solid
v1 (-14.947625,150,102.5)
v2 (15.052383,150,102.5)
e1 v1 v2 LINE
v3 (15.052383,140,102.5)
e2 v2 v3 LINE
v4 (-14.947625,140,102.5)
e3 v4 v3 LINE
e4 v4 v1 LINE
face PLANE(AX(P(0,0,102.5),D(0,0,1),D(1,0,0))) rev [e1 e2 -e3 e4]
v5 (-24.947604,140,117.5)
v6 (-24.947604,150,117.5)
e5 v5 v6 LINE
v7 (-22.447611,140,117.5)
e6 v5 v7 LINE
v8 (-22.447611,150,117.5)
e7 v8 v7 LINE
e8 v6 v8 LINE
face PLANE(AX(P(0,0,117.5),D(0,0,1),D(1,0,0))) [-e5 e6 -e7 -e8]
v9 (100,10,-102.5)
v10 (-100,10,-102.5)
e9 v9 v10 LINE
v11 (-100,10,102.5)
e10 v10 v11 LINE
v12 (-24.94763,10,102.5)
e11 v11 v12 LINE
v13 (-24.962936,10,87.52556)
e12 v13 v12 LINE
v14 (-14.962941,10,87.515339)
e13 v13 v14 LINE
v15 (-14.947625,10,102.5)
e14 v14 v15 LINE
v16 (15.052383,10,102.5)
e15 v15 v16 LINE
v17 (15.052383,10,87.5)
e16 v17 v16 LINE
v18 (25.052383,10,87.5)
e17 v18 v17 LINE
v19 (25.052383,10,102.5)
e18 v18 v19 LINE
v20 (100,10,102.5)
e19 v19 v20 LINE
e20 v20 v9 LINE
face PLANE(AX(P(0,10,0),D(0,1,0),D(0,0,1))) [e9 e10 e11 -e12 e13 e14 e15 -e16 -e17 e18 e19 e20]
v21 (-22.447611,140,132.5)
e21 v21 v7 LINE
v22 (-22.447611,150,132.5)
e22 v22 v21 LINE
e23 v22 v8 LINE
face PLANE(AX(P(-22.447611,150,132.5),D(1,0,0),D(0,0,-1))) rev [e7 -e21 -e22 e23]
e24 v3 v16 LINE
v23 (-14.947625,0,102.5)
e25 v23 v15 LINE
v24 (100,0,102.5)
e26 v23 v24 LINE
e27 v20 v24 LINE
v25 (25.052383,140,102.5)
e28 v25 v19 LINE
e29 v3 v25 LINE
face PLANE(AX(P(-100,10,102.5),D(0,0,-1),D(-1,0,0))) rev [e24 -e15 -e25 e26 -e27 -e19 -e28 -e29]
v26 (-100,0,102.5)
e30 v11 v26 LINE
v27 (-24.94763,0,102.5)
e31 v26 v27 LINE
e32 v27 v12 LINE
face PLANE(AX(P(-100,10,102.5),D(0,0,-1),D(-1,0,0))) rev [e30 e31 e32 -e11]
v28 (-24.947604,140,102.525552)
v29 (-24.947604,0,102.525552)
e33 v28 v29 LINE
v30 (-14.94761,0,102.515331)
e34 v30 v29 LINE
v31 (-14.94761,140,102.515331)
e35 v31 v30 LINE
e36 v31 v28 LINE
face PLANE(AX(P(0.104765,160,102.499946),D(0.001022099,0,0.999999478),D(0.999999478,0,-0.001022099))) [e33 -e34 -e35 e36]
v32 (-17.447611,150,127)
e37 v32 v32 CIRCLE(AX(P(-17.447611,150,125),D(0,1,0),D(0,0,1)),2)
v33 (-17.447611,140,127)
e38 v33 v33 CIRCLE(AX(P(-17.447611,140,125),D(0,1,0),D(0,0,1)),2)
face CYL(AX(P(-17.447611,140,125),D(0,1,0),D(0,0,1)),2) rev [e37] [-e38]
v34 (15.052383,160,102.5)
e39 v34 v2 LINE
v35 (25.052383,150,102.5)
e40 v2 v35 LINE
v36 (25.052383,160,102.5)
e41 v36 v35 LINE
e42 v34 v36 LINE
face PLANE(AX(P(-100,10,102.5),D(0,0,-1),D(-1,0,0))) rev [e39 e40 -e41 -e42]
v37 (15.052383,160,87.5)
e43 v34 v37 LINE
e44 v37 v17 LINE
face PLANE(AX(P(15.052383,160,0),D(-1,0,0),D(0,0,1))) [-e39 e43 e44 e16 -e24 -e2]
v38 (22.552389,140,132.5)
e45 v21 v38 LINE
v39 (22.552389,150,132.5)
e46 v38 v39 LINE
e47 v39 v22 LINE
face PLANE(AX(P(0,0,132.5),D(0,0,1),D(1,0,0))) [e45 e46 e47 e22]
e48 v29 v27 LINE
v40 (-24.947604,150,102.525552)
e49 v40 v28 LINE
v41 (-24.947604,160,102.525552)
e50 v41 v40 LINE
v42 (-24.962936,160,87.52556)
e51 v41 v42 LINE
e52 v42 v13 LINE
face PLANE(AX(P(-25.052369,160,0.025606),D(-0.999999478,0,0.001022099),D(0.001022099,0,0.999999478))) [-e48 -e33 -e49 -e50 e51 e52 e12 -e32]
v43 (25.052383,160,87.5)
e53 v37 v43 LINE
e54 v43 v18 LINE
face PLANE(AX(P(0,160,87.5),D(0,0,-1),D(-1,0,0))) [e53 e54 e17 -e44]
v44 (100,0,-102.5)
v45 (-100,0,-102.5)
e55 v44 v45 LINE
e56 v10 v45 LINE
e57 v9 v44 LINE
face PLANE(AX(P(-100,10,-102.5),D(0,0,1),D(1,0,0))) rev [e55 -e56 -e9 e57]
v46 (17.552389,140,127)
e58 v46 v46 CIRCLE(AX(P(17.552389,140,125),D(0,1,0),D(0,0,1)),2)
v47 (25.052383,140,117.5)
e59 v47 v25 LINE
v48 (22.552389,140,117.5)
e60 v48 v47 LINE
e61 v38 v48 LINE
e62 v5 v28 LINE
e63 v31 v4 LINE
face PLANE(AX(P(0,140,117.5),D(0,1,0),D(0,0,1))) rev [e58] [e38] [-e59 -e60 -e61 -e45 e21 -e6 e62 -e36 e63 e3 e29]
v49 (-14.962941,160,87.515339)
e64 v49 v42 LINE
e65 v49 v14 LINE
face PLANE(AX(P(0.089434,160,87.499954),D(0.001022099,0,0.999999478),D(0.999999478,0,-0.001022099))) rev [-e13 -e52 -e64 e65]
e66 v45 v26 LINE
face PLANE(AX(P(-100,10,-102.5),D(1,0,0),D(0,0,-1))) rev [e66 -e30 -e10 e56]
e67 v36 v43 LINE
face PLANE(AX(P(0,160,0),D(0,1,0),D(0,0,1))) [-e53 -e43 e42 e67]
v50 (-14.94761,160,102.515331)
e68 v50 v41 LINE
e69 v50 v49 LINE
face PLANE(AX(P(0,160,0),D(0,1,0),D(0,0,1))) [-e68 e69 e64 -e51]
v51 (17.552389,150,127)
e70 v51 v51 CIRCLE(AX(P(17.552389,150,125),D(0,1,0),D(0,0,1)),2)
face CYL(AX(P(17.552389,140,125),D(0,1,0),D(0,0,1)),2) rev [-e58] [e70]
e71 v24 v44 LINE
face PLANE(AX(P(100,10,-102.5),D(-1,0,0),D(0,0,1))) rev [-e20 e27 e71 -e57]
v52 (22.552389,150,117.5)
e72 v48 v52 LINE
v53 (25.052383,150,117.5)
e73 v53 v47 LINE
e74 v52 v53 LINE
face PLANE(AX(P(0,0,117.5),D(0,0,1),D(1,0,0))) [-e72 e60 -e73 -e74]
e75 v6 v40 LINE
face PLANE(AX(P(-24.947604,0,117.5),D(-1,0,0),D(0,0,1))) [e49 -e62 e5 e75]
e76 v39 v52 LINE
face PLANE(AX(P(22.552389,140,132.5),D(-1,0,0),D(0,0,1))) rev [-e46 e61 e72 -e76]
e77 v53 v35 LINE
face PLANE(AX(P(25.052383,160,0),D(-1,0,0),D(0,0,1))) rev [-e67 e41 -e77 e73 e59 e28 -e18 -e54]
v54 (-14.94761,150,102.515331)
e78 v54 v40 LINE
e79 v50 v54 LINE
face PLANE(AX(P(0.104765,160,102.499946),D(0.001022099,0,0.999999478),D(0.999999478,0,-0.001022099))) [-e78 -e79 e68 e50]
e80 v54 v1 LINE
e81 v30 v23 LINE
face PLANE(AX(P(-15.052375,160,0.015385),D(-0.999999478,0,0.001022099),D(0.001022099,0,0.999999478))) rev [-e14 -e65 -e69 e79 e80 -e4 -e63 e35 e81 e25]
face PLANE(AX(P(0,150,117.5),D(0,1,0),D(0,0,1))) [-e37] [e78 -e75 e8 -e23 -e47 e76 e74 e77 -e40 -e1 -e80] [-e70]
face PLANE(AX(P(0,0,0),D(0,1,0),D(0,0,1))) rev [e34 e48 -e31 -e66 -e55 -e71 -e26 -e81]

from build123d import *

# Parameters (mm, degrees)
SKETCH2_W           = 200
SKETCH2_H           = 205
BOSS_EXTRUDE1_DEPTH = 10
SKETCH3_W           = 10
SKETCH3_H           = 15
BOSS_EXTRUDE3_DEPTH = 160
SKETCH8_W           = 49.999986941
SKETCH8_H           = 10
BOSS_EXTRUDE4_DEPTH = 15
BOSS_EXTRUDE5_DEPTH = 15
SKETCH10_R          = 2
CUT_EXTRUDE1_DEPTH  = 10


with BuildPart() as part:
    # Sketch2 → Boss-Extrude1 (new body)
    with BuildSketch(Plane(origin=(0, 0, 0), x_dir=(1, 0, 0), z_dir=(0, 1, 0))):
        Rectangle(SKETCH2_W, SKETCH2_H)
    extrude(amount=BOSS_EXTRUDE1_DEPTH)

    # Sketch3 → Boss-Extrude3 (add)
    with BuildSketch(Plane(origin=(0, 0, 0), x_dir=(1, 0, 0), z_dir=(0, 1, 0))):
        Polygon((-14.947609587, -102.515331482), (-24.947604363, -102.525552471), (-24.962935845, -87.525560306), (-14.962941069, -87.515339317), align=None)
        with Locations((20.052382578, -95)):
            Rectangle(SKETCH3_W, SKETCH3_H)
    extrude(amount=BOSS_EXTRUDE3_DEPTH)

    # Sketch8 → Boss-Extrude4 (add)
    with BuildSketch(Plane.XY.offset(102.5)):
        with Locations((0.052389108, 145)):
            Rectangle(SKETCH8_W, SKETCH8_H)
    extrude(amount=BOSS_EXTRUDE4_DEPTH)

    # Sketch9 → Boss-Extrude5 (add)
    with BuildSketch(Plane.XY.offset(117.5)):
        Polygon((0.052389108, 150), (22.552389108, 150), (22.552389108, 140), (-22.447610892, 140), (-22.447610892, 150), align=None)
    extrude(amount=BOSS_EXTRUDE5_DEPTH)

    # Sketch10 → Cut-Extrude1 (cut)
    with BuildSketch(Plane(origin=(0, 150, 0), x_dir=(1, 0, 0), z_dir=(0, 1, 0))):
        with Locations(Location((17.552389108, -125, 0), (0, 0, 270))):
            Circle(SKETCH10_R)
        with Locations(Location((-17.447610892, -125, 0), (0, 0, 270))):
            Circle(SKETCH10_R)
    extrude(amount=-CUT_EXTRUDE1_DEPTH, mode=Mode.SUBTRACT)


solid = part.part
